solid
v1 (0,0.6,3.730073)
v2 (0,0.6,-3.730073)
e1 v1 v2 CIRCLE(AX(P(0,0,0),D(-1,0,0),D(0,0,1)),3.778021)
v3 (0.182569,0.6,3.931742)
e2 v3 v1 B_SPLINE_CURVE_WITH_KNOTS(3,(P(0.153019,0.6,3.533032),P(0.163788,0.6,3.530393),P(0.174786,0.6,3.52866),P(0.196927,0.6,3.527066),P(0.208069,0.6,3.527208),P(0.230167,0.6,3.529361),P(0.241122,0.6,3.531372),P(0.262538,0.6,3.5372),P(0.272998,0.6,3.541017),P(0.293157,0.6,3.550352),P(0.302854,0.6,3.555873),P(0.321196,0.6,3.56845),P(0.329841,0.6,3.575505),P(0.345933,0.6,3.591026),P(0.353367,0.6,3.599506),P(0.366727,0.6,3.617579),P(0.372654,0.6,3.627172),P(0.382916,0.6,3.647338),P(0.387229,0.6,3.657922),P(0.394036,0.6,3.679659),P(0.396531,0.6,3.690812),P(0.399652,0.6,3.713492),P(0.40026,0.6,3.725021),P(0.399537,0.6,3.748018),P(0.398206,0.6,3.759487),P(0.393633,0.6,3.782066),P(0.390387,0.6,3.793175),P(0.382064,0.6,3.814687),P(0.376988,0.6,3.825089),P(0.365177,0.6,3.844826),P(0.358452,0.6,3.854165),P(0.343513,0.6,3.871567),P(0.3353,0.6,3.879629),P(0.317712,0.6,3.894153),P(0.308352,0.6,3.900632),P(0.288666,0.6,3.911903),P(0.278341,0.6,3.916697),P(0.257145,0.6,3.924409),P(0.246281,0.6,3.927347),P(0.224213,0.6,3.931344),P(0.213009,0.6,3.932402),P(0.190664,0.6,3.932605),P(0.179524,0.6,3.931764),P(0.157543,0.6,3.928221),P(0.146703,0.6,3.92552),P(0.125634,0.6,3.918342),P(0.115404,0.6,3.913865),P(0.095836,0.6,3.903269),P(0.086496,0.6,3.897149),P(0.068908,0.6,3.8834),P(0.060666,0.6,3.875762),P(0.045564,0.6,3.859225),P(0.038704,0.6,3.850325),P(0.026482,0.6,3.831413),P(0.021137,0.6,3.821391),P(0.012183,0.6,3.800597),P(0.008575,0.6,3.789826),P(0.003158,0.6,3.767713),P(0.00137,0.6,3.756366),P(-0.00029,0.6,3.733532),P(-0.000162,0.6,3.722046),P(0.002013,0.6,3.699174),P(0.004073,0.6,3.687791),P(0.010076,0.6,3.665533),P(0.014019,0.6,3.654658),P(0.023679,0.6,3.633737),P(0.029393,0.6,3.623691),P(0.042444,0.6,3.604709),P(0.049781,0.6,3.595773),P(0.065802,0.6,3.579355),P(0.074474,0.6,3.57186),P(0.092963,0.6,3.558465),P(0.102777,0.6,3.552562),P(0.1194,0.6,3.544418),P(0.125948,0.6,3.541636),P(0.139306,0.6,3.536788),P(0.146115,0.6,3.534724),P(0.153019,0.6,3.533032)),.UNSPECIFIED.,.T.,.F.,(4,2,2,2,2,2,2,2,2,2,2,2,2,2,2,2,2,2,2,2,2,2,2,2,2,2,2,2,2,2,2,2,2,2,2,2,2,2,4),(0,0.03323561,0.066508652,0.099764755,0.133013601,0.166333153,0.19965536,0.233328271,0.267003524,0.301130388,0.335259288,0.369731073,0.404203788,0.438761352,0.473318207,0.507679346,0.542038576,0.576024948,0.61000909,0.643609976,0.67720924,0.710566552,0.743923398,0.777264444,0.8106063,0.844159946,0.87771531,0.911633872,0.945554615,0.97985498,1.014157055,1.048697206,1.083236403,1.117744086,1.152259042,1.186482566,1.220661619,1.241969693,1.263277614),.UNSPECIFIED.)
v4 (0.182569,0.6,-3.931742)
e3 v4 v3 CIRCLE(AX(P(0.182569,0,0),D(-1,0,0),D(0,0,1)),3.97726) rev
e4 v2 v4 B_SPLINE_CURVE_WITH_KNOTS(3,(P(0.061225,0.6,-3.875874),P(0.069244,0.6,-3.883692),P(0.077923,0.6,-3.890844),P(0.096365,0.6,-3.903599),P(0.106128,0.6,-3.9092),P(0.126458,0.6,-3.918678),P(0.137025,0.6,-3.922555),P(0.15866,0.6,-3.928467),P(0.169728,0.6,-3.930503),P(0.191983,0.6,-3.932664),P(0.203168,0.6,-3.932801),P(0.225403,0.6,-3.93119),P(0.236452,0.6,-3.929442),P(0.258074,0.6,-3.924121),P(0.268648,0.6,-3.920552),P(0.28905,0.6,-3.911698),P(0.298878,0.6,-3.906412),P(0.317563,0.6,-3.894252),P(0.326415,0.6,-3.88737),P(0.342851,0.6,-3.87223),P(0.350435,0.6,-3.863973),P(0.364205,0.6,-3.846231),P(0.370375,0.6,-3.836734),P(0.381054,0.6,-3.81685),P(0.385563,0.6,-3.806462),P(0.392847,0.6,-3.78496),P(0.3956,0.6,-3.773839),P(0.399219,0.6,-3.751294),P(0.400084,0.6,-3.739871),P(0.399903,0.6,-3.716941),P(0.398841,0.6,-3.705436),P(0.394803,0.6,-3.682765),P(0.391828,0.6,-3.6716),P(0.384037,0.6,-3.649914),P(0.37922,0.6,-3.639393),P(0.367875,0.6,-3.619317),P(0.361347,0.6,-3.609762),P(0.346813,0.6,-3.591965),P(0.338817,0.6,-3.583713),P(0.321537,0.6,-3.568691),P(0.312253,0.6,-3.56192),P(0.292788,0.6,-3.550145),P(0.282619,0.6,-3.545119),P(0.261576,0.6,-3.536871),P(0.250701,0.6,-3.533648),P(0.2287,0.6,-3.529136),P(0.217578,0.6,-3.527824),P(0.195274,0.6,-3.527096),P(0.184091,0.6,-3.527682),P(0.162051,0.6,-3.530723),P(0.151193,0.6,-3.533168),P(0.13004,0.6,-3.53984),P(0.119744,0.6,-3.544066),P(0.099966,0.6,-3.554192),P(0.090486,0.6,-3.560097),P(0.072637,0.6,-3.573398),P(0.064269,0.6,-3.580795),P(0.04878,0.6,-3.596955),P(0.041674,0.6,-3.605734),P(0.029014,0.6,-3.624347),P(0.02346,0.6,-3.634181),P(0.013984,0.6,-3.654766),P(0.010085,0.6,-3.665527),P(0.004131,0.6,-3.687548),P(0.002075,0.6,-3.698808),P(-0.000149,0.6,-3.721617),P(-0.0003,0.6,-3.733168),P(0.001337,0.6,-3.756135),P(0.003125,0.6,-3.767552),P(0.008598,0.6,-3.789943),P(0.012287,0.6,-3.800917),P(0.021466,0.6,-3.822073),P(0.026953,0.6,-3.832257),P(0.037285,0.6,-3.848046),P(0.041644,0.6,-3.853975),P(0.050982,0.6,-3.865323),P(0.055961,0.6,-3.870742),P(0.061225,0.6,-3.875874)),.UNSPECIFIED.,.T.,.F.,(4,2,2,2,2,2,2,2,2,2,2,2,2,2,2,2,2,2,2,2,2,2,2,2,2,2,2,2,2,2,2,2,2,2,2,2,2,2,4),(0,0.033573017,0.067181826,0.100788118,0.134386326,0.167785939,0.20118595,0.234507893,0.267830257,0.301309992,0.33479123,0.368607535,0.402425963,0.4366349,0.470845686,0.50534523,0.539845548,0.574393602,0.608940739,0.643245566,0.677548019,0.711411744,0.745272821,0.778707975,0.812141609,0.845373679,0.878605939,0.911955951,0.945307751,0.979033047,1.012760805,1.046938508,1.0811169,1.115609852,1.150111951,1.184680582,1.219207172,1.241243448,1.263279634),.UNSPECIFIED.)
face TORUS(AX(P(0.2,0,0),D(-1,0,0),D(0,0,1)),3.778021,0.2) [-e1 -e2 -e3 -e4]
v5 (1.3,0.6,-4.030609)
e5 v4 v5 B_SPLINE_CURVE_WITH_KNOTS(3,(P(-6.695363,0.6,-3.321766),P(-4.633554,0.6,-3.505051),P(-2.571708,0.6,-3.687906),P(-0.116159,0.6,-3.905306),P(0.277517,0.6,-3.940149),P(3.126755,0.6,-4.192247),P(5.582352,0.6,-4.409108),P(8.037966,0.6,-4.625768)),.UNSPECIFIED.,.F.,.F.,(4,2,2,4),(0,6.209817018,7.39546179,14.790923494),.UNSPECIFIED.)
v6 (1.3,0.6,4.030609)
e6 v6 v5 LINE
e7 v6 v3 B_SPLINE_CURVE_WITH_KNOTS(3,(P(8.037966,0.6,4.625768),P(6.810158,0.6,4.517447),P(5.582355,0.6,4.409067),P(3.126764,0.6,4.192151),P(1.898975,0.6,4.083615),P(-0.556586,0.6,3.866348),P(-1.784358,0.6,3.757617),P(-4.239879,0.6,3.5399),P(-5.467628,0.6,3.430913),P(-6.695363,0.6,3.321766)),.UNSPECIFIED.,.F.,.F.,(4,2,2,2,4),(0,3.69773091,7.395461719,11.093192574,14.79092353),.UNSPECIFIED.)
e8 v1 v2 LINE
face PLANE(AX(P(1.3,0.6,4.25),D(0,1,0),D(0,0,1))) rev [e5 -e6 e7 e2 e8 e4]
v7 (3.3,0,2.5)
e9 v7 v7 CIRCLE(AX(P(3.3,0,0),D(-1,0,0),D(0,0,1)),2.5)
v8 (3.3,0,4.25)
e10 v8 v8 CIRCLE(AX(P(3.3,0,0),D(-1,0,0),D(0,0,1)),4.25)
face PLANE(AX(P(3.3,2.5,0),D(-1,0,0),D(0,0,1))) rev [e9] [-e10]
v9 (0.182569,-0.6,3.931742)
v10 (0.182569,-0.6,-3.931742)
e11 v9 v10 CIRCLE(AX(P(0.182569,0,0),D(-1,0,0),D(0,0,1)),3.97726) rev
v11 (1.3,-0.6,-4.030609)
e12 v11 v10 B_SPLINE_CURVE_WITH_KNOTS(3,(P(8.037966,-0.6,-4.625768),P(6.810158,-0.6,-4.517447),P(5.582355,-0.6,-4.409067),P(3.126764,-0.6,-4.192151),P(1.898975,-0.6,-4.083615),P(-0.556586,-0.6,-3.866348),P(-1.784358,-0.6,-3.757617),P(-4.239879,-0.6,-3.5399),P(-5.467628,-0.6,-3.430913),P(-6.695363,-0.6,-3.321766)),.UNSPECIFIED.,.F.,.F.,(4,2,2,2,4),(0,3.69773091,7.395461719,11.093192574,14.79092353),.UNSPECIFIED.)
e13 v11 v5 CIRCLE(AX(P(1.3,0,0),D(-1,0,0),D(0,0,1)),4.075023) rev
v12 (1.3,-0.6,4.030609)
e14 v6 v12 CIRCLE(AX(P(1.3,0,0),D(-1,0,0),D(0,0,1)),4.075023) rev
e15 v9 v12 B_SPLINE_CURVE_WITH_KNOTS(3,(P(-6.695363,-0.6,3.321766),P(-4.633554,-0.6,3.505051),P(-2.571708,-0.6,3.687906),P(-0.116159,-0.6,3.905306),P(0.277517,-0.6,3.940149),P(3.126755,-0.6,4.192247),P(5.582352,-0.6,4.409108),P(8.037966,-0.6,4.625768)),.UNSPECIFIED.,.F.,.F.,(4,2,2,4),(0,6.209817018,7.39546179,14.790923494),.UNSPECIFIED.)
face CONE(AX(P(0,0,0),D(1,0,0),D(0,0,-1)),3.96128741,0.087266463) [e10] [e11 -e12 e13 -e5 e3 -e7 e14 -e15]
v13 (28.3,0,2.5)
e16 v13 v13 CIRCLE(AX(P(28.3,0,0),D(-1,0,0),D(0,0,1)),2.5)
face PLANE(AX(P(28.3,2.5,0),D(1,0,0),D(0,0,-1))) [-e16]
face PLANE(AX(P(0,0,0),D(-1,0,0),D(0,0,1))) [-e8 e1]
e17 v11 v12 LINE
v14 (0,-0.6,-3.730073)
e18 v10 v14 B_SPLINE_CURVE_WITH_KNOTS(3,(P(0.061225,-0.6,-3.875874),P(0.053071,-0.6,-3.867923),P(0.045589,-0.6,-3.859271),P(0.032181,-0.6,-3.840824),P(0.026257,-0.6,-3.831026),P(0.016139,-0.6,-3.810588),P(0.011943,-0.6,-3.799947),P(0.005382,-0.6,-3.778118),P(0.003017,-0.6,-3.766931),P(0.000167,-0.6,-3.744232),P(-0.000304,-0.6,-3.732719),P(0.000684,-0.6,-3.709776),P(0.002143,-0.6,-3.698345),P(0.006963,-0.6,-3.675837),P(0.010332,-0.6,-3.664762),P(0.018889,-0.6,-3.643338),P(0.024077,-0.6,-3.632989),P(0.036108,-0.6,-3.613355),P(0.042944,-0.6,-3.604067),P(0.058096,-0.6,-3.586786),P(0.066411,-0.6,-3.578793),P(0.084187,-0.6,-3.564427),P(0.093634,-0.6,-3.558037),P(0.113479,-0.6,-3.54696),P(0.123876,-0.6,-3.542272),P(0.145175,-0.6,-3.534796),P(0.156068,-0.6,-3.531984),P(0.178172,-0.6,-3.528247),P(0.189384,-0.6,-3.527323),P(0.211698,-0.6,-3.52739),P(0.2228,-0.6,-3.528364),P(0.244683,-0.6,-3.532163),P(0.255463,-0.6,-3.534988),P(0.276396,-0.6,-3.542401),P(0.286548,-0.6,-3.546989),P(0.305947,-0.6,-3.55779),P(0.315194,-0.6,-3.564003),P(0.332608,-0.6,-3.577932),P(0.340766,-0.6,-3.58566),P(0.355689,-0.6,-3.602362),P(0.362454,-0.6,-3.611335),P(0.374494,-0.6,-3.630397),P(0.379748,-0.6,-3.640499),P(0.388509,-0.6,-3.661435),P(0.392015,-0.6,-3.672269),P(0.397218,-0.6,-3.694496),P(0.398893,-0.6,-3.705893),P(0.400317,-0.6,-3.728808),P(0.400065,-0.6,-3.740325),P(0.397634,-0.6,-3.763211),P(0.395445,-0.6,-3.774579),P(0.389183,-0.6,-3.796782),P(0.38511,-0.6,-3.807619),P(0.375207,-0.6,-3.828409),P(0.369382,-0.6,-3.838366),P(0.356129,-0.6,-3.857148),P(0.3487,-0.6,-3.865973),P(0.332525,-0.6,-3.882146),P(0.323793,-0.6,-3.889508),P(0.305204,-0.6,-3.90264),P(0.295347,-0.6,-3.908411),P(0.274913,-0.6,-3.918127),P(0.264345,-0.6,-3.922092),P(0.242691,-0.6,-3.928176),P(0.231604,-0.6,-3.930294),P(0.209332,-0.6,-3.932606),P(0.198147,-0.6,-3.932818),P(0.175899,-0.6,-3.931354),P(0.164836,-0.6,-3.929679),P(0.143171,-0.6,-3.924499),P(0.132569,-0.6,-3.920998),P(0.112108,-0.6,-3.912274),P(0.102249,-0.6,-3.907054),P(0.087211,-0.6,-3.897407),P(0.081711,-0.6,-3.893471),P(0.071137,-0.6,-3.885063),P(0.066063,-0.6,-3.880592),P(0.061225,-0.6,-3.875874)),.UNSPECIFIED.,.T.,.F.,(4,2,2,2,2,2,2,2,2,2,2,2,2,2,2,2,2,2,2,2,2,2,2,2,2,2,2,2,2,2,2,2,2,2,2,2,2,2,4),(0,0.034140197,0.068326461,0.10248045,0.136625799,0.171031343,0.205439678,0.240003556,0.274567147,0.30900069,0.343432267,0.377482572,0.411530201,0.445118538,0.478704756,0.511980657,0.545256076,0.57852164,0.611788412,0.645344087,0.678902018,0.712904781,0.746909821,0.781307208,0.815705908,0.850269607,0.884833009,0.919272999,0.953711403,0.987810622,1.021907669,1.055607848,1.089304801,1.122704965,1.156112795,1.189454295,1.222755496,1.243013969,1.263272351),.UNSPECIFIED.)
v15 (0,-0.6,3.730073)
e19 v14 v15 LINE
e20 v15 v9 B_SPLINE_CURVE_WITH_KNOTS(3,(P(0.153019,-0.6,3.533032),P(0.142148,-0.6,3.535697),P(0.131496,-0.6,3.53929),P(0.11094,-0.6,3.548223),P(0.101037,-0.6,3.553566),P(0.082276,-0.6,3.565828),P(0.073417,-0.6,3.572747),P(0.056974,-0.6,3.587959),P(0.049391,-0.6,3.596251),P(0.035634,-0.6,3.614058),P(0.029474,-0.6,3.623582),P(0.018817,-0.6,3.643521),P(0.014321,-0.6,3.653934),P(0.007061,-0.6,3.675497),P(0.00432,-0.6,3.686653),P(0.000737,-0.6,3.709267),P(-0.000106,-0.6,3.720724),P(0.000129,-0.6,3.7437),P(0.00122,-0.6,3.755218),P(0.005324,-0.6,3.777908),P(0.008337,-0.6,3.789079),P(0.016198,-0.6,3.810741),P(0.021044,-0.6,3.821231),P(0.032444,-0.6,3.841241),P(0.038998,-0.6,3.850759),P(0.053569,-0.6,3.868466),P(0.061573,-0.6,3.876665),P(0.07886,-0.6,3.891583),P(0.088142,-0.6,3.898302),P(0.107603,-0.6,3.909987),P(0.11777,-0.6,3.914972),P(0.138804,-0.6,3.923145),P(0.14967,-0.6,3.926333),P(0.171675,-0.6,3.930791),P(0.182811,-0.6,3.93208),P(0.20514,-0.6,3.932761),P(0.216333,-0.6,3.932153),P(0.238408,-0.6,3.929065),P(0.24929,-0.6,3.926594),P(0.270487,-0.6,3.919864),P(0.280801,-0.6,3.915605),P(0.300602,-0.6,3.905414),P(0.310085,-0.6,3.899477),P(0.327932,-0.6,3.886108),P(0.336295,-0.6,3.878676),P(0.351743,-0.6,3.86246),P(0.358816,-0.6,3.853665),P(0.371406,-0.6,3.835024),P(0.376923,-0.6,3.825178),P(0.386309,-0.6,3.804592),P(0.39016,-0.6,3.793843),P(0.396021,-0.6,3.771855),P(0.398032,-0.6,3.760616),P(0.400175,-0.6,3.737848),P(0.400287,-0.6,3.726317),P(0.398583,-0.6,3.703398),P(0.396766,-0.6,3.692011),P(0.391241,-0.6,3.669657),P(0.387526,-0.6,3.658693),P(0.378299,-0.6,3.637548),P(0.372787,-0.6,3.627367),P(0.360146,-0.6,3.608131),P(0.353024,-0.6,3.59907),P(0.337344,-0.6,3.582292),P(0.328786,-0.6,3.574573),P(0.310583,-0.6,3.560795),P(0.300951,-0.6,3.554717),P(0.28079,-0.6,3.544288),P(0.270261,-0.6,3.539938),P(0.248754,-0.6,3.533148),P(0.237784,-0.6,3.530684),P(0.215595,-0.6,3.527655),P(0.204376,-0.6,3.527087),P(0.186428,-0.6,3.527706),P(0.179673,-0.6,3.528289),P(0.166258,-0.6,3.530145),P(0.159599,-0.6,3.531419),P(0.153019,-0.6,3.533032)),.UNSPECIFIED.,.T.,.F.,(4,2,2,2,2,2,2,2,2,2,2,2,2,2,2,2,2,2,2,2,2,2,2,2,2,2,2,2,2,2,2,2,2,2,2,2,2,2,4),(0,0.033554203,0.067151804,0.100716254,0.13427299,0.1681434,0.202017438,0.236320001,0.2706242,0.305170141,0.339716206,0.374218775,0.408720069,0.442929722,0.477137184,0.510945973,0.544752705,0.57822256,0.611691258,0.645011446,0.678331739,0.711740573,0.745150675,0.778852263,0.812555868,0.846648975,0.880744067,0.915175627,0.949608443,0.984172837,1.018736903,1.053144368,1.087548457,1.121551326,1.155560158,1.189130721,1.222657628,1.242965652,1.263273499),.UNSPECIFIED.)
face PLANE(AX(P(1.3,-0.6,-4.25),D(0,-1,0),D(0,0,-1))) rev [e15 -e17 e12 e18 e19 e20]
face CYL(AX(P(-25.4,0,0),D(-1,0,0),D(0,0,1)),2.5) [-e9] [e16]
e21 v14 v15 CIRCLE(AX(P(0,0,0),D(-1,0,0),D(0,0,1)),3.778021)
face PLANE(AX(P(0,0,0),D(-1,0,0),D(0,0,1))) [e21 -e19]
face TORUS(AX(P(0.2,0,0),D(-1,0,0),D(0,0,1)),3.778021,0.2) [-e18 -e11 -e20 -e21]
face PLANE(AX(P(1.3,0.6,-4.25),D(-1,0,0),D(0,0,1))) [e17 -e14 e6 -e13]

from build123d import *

# Parameters (mm, degrees)
FILLET2_R  = 0.2
SKETCH2_W  = 8.5
SKETCH2_H  = 1.2
SLOT_DEPTH = 1.3


with BuildPart() as part:
    # BodySke → Base-Revolve (revolve)
    with BuildSketch(Plane.XY):
        Polygon((3.3, 2.5), (3.3, 4.25), (0, 3.96128741), (0, 0), (28.3, 0), (28.3, 2.5), align=None)
    revolve(axis=Axis((-25.4, 0, 0), (1, 0, 0)))

    # Fillet2
    fillet2_edges = [part.edges().sort_by_distance(p)[0] for p in [
        (0, -3.96128741, 0),
    ]]
    fillet(fillet2_edges, radius=FILLET2_R)

    # Sketch2 → Slot (cut)
    with BuildSketch(Plane(origin=(0, 0, 0), x_dir=(0, 0, -1), z_dir=(1, 0, 0))):
        Rectangle(SKETCH2_W, SKETCH2_H)
    extrude(amount=SLOT_DEPTH, mode=Mode.SUBTRACT)


solid = part.part
